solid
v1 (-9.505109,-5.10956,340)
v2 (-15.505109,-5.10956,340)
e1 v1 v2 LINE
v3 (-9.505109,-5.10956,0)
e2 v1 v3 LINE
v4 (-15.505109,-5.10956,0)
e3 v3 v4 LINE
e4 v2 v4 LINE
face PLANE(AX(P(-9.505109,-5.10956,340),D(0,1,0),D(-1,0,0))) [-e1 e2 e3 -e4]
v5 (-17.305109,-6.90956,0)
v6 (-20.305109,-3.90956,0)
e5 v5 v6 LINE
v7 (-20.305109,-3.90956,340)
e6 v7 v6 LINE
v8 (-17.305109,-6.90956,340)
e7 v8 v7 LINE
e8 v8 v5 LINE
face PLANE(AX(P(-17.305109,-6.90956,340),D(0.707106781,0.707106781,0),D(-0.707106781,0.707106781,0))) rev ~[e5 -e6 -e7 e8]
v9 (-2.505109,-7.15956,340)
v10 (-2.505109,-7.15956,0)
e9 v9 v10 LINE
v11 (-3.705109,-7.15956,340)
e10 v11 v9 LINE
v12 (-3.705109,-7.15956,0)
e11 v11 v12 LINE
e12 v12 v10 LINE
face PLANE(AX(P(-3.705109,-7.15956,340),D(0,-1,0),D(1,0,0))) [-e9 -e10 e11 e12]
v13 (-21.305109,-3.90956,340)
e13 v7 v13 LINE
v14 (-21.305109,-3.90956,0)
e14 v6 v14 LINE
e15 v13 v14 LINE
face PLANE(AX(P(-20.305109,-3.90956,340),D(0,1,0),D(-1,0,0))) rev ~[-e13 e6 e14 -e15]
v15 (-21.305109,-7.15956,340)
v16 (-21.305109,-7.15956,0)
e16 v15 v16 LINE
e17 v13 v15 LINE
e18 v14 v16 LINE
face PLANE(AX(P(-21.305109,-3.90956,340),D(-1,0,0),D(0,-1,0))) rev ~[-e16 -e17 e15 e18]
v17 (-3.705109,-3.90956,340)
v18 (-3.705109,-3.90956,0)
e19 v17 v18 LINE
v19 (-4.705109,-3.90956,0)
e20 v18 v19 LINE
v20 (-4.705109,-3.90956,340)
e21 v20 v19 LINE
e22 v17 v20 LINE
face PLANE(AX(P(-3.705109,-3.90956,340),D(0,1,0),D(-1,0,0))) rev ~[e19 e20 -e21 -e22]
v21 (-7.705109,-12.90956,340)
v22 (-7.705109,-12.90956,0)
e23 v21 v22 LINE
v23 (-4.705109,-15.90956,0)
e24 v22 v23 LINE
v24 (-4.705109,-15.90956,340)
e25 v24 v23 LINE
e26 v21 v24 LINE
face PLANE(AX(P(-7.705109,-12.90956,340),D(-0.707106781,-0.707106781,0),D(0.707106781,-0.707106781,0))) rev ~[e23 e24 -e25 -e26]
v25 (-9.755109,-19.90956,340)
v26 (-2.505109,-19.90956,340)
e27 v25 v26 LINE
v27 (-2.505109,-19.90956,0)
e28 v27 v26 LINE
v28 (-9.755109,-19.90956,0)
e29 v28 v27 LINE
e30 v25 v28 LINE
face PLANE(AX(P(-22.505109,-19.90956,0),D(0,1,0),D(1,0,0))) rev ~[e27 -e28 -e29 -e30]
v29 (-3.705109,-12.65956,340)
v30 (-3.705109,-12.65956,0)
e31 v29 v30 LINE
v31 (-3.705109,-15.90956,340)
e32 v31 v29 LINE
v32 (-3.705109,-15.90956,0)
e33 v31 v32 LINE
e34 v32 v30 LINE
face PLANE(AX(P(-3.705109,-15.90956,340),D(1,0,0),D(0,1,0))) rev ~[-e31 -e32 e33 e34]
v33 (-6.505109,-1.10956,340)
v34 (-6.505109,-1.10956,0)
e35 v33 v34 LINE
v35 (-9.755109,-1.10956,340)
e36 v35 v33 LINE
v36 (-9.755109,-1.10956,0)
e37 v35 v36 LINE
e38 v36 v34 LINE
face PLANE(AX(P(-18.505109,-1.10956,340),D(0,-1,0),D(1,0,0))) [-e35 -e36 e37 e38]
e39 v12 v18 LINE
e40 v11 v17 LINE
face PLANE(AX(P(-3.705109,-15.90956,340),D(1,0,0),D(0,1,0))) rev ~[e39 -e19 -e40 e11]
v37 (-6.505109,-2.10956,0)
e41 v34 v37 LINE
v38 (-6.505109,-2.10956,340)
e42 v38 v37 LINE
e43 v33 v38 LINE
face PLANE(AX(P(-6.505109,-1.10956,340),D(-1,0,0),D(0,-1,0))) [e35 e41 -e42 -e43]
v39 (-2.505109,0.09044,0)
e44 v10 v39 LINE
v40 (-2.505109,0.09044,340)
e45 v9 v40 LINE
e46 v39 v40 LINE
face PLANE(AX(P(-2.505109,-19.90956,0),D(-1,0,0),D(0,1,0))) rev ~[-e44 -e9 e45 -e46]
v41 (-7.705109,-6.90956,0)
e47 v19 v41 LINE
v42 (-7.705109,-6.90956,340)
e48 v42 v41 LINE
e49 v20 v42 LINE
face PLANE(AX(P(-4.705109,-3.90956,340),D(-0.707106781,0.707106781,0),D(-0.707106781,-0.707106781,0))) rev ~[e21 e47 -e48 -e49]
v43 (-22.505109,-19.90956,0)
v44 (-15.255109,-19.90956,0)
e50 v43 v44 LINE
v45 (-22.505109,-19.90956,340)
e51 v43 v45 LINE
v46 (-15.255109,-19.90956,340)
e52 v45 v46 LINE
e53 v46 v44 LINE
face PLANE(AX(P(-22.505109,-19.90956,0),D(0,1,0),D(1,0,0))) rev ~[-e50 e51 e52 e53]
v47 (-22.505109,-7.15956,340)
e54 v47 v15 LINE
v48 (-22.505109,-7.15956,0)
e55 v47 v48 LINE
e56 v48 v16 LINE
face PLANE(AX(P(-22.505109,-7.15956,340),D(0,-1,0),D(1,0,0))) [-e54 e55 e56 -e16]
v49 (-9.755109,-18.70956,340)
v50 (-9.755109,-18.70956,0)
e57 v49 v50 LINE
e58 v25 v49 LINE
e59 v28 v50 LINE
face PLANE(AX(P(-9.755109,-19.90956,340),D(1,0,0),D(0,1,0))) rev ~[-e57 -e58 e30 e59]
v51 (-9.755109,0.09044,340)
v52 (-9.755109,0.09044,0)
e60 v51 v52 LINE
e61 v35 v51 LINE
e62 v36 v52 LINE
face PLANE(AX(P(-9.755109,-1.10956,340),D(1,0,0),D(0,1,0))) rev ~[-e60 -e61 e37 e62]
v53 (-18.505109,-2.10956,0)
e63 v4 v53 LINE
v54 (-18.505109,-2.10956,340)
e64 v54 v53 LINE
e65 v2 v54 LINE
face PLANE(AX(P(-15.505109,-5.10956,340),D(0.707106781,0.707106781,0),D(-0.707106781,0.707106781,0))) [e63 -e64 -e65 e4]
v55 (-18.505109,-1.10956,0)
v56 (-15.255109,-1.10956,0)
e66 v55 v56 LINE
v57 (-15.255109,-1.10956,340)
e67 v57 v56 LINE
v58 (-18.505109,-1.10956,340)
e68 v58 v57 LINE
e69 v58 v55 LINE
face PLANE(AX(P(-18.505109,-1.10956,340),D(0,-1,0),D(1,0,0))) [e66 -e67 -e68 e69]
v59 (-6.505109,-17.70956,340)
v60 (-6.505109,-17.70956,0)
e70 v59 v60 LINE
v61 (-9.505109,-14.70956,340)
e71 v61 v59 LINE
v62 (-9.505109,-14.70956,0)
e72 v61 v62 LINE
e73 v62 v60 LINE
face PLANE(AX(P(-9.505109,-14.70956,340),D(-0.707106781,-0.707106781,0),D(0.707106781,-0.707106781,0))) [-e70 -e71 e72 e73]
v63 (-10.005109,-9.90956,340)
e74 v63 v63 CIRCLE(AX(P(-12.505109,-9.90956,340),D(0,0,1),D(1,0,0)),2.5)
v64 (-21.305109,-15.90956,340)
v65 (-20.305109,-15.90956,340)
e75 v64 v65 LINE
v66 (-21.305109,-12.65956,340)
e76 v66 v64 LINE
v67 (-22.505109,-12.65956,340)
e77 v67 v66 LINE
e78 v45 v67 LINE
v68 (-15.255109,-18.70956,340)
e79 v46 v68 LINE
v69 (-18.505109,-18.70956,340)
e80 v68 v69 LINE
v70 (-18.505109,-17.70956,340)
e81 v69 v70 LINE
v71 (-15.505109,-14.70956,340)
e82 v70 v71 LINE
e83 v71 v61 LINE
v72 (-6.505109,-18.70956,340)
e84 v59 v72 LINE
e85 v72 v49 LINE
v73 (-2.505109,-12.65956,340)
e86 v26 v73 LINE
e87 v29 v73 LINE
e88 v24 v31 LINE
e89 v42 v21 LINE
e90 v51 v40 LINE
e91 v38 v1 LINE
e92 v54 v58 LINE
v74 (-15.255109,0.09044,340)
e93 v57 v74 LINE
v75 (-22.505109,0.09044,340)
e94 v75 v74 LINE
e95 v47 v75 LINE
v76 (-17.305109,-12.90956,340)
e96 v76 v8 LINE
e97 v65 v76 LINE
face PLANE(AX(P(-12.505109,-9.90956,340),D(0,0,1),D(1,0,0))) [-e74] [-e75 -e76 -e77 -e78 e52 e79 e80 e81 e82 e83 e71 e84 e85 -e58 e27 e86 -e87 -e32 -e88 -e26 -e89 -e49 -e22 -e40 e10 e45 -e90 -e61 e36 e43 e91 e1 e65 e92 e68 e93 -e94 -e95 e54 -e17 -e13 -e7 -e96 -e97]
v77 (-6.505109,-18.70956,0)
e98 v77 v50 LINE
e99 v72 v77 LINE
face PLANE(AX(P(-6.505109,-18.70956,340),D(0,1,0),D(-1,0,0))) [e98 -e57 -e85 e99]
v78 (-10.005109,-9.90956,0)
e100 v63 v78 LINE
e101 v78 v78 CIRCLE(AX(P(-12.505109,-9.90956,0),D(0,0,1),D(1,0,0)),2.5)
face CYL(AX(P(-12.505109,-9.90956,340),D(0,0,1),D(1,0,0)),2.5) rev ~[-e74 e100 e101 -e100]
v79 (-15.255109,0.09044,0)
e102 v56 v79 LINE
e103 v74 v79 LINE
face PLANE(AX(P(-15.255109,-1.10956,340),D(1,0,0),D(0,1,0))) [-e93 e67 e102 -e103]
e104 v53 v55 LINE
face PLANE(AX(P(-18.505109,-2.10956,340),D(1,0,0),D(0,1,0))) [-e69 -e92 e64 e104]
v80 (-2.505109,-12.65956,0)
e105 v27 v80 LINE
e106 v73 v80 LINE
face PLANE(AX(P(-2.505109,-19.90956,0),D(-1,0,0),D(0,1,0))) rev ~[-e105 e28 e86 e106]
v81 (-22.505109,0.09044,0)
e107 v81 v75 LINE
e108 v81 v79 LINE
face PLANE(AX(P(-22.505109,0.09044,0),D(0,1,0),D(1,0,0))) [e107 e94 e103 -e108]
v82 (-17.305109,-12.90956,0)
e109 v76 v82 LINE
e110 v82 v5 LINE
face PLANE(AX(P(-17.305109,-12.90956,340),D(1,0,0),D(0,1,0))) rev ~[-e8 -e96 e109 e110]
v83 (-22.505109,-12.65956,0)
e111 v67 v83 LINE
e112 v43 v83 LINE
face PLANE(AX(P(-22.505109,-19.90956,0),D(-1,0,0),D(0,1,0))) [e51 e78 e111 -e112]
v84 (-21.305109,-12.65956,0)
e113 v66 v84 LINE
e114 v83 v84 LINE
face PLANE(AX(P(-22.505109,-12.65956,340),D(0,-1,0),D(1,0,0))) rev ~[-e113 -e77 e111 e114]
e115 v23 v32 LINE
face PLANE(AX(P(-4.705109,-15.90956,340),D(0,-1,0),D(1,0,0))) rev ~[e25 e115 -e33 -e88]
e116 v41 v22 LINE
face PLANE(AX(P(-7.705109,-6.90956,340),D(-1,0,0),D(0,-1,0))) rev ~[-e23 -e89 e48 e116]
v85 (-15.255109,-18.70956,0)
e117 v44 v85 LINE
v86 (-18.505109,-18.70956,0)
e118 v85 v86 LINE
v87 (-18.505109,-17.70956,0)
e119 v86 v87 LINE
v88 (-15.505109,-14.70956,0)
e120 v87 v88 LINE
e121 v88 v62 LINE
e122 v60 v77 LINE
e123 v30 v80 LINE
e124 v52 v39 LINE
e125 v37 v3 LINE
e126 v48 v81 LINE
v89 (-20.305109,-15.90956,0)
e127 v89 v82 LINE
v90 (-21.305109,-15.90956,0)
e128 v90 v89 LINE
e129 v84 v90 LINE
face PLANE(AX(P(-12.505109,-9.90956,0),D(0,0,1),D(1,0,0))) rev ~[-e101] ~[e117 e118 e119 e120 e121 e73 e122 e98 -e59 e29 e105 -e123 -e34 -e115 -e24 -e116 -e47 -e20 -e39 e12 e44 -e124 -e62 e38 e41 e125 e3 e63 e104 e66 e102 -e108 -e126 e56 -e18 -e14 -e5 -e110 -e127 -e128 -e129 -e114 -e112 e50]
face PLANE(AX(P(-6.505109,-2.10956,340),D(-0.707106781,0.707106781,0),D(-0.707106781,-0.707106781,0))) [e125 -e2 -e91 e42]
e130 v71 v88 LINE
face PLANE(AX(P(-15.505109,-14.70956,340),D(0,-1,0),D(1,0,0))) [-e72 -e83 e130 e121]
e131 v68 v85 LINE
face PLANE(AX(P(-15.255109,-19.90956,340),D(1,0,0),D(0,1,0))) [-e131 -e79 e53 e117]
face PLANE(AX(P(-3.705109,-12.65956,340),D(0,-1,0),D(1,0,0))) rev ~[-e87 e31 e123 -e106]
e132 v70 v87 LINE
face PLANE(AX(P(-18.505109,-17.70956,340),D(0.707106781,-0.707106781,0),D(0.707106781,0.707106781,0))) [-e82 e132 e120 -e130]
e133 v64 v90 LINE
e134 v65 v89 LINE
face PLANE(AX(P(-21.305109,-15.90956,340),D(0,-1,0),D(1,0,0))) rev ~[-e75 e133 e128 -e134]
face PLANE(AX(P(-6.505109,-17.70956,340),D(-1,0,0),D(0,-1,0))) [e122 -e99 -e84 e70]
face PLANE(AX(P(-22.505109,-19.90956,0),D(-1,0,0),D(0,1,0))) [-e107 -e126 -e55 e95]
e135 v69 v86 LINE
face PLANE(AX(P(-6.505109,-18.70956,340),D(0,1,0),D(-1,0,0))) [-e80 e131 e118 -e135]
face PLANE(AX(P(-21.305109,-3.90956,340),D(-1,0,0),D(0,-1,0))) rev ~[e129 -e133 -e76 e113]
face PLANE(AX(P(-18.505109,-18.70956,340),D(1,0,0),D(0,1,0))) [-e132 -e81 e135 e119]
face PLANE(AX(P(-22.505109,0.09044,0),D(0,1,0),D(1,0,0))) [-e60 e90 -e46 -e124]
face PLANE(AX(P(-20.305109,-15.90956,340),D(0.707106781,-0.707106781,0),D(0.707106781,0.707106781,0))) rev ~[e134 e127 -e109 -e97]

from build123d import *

# Parameters (mm, degrees)
ESQUISSE1_W             = 20
ESQUISSE1_H             = 20
BOSS_EXTRU_1_DEPTH      = 340
ESQUISSE2_W             = 1.2
ESQUISSE2_H             = 5.5
ESQUISSE2_W_2           = 5.5
ESQUISSE2_H_2           = 1.2
ENL_V_MAT_EXTRU_1_DEPTH = 341
ENL_V_MAT_EXTRU_2_DEPTH = 341
ESQUISSE4_R             = 2.5
ENL_V_MAT_EXTRU_3_DEPTH = 341


with BuildPart() as part:
    # Esquisse1 → Boss.-Extru.1 (new body)
    with BuildSketch(Plane.XY):
        with Locations((-12.505109137, -9.909560068)):
            Rectangle(ESQUISSE1_W, ESQUISSE1_H)
    extrude(amount=BOSS_EXTRU_1_DEPTH)

    # Esquisse2 → Enlèv. mat.-Extru.1 (cut, through all)
    with BuildSketch(Plane.XY.offset(340)):
        with Locations((-21.905109137, -9.909560068)):
            Rectangle(ESQUISSE2_W, ESQUISSE2_H)
        with Locations((-12.505109137, -0.509560068)):
            Rectangle(ESQUISSE2_W_2, ESQUISSE2_H_2)
        with Locations((-3.105109137, -9.909560068)):
            Rectangle(ESQUISSE2_W, ESQUISSE2_H)
        with Locations((-12.505109137, -19.309560068)):
            Rectangle(ESQUISSE2_W_2, ESQUISSE2_H_2)
    extrude(amount=-ENL_V_MAT_EXTRU_1_DEPTH, mode=Mode.SUBTRACT)

    # Esquisse3 → Enlèv. mat.-Extru.2 (cut, through all)
    with BuildSketch(Plane.XY.offset(340)):
        Polygon((-21.305109137, -15.909560068), (-20.305109137, -15.909560068), (-17.305109137, -12.909560068), (-17.305109137, -6.909560068), (-20.305109137, -3.909560068), (-21.305109137, -3.909560068), align=None)
        Polygon((-18.505109137, -1.109560068), (-6.505109137, -1.109560068), (-6.505109137, -2.109560068), (-9.505109137, -5.109560068), (-15.505109137, -5.109560068), (-18.505109137, -2.109560068), align=None)
        Polygon((-3.705109137, -3.909560068), (-4.705109137, -3.909560068), (-7.705109137, -6.909560068), (-7.705109137, -12.909560068), (-4.705109137, -15.909560068), (-3.705109137, -15.909560068), align=None)
        Polygon((-6.505109137, -18.709560068), (-18.505109137, -18.709560068), (-18.505109137, -17.709560068), (-15.505109137, -14.709560068), (-9.505109137, -14.709560068), (-6.505109137, -17.709560068), align=None)
    extrude(amount=-ENL_V_MAT_EXTRU_2_DEPTH, mode=Mode.SUBTRACT)

    # Esquisse4 → Enlèv. mat.-Extru.3 (cut, through all)
    with BuildSketch(Plane.XY.offset(340)):
        with Locations((-12.505109137, -9.909560068)):
            Circle(ESQUISSE4_R)
    extrude(amount=-ENL_V_MAT_EXTRU_3_DEPTH, mode=Mode.SUBTRACT)


solid = part.part
